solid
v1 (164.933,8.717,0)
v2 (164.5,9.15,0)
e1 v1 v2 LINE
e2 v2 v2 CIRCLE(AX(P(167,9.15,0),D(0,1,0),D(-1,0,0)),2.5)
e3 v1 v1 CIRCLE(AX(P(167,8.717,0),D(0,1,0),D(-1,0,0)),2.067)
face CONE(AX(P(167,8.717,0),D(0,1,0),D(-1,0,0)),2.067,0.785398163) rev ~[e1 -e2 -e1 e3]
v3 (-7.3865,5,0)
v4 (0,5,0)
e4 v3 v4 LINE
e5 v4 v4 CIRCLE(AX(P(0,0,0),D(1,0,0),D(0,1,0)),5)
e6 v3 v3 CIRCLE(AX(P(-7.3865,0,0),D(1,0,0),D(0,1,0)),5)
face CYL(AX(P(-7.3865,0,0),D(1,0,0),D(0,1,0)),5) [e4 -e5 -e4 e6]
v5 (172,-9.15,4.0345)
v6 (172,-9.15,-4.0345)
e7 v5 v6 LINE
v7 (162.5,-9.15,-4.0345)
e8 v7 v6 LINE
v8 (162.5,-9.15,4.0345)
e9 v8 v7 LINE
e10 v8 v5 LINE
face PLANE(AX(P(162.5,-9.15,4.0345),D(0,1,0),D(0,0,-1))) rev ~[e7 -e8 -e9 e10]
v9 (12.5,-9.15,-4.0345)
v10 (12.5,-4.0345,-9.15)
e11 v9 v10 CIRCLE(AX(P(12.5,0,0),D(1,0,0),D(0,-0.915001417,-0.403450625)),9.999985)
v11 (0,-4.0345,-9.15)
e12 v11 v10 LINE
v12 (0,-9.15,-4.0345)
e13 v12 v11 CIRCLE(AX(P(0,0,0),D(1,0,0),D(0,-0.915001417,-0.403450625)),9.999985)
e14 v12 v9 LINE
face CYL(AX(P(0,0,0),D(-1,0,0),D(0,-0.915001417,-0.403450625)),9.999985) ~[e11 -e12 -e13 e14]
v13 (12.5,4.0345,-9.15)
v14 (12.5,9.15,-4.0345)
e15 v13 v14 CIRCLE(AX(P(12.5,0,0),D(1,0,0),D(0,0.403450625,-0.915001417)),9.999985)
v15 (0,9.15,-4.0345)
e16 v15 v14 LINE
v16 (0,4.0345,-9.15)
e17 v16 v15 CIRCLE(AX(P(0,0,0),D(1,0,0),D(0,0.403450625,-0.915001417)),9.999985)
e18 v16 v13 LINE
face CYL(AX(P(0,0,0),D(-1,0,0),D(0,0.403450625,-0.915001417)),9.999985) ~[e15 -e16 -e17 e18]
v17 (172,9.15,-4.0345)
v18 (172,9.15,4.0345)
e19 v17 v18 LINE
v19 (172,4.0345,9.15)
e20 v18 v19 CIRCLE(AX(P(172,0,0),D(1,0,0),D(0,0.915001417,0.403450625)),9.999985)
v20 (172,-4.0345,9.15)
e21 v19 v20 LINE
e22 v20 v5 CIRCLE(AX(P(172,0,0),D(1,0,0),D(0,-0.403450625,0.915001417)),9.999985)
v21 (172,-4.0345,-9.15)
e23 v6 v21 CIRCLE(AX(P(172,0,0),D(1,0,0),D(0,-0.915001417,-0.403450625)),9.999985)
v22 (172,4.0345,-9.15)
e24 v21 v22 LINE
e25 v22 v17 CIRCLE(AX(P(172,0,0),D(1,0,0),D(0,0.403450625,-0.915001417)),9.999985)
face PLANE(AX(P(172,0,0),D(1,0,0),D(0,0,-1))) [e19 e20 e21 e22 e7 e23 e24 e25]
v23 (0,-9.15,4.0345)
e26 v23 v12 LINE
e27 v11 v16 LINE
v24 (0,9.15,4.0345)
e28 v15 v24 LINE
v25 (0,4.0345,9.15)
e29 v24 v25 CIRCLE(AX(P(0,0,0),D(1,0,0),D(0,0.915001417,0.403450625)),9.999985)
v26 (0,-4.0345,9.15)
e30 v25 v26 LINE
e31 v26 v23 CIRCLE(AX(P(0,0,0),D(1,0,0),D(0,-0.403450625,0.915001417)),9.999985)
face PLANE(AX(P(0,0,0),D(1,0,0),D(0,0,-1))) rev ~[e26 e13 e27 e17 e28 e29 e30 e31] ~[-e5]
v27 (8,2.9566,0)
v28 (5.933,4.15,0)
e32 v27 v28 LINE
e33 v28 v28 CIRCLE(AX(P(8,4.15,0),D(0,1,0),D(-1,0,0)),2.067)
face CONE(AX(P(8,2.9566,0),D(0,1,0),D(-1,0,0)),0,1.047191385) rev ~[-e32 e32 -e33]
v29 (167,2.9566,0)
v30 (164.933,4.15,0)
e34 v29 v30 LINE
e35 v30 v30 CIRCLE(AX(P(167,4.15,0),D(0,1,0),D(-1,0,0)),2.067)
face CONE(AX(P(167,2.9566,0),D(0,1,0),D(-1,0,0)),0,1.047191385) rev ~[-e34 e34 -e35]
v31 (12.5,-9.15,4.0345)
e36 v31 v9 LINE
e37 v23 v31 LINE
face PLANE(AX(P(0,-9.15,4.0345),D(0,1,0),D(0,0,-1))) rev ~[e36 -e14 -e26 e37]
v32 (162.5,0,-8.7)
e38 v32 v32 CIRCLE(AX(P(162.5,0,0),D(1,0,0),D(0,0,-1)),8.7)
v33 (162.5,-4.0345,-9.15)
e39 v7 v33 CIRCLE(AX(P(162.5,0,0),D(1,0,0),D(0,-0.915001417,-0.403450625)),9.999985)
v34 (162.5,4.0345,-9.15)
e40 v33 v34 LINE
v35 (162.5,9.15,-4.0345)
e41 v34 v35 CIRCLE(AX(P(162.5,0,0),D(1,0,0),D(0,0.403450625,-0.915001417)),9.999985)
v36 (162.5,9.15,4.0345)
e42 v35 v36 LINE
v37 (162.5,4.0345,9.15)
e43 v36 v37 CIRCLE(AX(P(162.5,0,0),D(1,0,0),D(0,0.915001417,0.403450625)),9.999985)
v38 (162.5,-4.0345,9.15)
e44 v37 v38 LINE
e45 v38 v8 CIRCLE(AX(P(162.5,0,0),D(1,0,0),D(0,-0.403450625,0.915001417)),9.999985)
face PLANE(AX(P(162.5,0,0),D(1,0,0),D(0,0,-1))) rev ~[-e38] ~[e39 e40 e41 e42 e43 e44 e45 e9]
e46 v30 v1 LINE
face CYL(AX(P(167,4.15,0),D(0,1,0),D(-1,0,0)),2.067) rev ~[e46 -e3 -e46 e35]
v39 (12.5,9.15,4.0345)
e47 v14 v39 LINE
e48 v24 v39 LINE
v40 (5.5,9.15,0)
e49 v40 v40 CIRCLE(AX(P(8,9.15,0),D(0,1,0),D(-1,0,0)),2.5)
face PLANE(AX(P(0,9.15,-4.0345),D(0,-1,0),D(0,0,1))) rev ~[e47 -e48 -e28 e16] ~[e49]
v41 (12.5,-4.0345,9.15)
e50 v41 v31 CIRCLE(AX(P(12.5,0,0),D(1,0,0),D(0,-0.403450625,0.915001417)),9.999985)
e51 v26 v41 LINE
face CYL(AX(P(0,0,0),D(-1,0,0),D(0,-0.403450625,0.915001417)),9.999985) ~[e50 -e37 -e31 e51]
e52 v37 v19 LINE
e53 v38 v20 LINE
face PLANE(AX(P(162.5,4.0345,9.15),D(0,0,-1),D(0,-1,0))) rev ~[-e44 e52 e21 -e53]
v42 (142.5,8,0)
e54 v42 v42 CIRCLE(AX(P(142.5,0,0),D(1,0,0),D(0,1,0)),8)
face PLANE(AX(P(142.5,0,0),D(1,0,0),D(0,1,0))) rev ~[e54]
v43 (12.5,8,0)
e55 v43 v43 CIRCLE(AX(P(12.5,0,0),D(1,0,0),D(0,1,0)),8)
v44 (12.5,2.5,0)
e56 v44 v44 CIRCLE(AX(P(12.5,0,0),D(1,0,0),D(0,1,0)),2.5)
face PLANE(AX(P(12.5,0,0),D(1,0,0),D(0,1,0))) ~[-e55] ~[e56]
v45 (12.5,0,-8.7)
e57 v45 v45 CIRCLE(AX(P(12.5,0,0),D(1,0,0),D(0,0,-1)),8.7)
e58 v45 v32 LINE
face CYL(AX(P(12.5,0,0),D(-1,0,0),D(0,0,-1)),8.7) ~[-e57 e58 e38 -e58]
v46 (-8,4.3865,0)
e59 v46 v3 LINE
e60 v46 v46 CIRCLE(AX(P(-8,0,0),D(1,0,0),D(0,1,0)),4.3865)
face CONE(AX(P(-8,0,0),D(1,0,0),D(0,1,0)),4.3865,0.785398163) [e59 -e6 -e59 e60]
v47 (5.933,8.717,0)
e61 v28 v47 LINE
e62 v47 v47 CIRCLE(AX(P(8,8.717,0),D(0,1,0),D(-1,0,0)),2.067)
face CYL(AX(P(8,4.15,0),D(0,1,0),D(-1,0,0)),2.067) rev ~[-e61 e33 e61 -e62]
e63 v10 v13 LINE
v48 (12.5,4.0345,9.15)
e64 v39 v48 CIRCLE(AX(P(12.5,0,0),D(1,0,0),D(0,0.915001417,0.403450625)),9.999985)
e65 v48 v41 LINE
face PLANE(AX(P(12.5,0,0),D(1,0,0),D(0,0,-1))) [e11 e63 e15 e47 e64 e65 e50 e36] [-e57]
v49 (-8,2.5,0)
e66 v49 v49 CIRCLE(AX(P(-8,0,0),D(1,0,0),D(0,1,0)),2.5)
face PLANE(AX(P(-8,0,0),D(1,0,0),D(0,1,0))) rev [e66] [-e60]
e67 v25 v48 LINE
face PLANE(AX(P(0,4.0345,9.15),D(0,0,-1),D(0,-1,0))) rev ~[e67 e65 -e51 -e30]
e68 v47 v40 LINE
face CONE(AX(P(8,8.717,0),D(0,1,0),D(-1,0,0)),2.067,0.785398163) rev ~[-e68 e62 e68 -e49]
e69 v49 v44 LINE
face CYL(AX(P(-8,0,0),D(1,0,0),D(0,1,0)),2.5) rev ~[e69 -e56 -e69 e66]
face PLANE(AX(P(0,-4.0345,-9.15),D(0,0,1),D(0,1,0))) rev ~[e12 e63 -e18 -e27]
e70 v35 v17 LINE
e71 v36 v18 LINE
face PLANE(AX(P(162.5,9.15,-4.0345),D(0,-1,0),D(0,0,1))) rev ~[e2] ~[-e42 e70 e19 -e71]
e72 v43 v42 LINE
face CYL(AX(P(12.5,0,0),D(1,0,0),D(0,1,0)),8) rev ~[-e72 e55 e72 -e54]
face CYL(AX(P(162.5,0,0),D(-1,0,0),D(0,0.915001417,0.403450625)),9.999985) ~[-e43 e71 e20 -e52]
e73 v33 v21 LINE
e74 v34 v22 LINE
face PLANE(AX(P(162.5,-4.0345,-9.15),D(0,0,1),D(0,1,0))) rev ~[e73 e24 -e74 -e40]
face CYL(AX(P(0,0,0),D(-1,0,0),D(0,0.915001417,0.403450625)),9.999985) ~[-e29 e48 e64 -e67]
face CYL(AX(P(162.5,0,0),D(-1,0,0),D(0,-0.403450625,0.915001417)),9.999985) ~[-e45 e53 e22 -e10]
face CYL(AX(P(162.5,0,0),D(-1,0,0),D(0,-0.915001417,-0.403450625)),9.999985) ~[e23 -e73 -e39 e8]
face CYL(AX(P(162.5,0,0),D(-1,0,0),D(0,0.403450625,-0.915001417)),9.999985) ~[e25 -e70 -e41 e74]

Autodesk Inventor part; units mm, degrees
sketch "Sketch_8" plane through (0, 0, 0) normal (0, 0, 1) x (1, 0, 0)
  line L0 (0, 0) -> (-8, 0)
  line L1 (-8, 0) -> (-8, 4.3865)
  line L2 (-8, 4.3865) -> (-7.3865, 5)
  line L3 (-7.3865, 5) -> (0, 5)
  line L4 (0, 5) -> (0, 0)
  line L5 (0, 0) -> (-8, 0)
revolve "Revolution1" add sketch "Sketch_8" angle 360 about axis through (0, 0, 0) along (1, 0, 0)
thread "Thread1" size "M10x1" class "6g" standard "ISO Metric profile" length 5.8865
sketch "Sketch_9" plane through (0, 0, 0) normal (1, 0, 0) x (0, 0, -1)
  line L0 (-9.15, 4.0345) -> (-9.15, -4.0345)
  arc A0 (-9.15, -4.0345) -> (-4.0345, -9.15) centre (0, 0) ccw
  line L1 (-4.0345, -9.15) -> (4.0345, -9.15)
  arc A1 (4.0345, -9.15) -> (9.15, -4.0345) centre (0, 0) ccw
  line L2 (9.15, -4.0345) -> (9.15, 4.0345)
  arc A2 (9.15, 4.0345) -> (4.0345, 9.15) centre (0, 0) ccw
  line L3 (4.0345, 9.15) -> (-4.0345, 9.15)
  arc A3 (-4.0345, 9.15) -> (-9.15, 4.0345) centre (0, 0) ccw
extrude "Extrusion1" add sketch "Sketch_9" along normal blind 12.5
sketch "Sketch_11" plane through (12.5, 0, 0) normal (1, 0, 0) x (0, 0, -1)
  circle A0 centre (0, 0) radius 8.7
extrude "Extrusion2" add sketch "Sketch_11" along normal blind 150
sketch "Sketch_10" plane through (162.5, 0, 0) normal (1, 0, 0) x (0, 0, -1)
  line L0 (-9.15, 4.0345) -> (-9.15, -4.0345)
  arc A0 (-9.15, -4.0345) -> (-4.0345, -9.15) centre (0, 0) ccw
  line L1 (-4.0345, -9.15) -> (4.0345, -9.15)
  arc A1 (4.0345, -9.15) -> (9.15, -4.0345) centre (0, 0) ccw
  line L2 (9.15, -4.0345) -> (9.15, 4.0345)
  arc A2 (9.15, 4.0345) -> (4.0345, 9.15) centre (0, 0) ccw
  line L3 (4.0345, 9.15) -> (-4.0345, 9.15)
  arc A3 (-4.0345, 9.15) -> (-9.15, 4.0345) centre (0, 0) ccw
extrude "Extrusion3" add sketch "Sketch_10" along normal blind 9.5
sketch "Sketch7" plane through (0, 0, 0) normal (0, 0, 1) x (1, 0, 0)
  line L0 (8, 9.15) -> (8, 4.15)
  line L1 (8, 2.9566) -> (5.933, 4.15)
  line L2 (5.933, 4.15) -> (5.933, 8.717)
  line L3 (5.933, 8.717) -> (5.5, 9.15)
  line L4 (5.5, 9.15) -> (8, 9.15)
  line L5 (8, 9.15) -> (8, 2.9566)
revolve "Revolution2" cut sketch "Sketch7" angle 360 about axis through (8, 9.15, 0) along (0, 1, 0)
thread "Thread2" size "M5x0.8" class "6H" standard "ISO Metric profile" full length
sketch "Sketch_7" plane through (0, 0, 0) normal (0, 0, 1) x (1, 0, 0)
  line L0 (167, 9.15) -> (167, 4.15)
  line L1 (167, 2.9566) -> (164.933, 4.15)
  line L2 (164.933, 4.15) -> (164.933, 8.717)
  line L3 (164.933, 8.717) -> (164.5, 9.15)
  line L4 (164.5, 9.15) -> (167, 9.15)
  line L5 (167, 9.15) -> (167, 2.9566)
revolve "Revolution3" cut sketch "Sketch_7" angle 360 about axis through (167, 9.15, 0) along (0, 1, 0)
thread "Thread3" size "M5x0.8" class "6H" standard "ISO Metric profile" full length
sketch "Sketch_16" plane through (0, 0, 0) normal (0, 0, 1) x (1, 0, 0)
  line L0 (142.5, 0) -> (-8, 0)
  line L1 (-8, 0) -> (-8, 2.5)
  line L2 (-8, 2.5) -> (12.5, 2.5)
  line L3 (12.5, 2.5) -> (12.5, 8)
  line L4 (12.5, 8) -> (142.5, 8)
  line L5 (142.5, 8) -> (142.5, 0)
  line L6 (142.5, 0) -> (-8, 0)
revolve "Revolution4" cut sketch "Sketch_16" angle 360 about axis through (142.5, 0, 0) along (1, 0, 0)
ref_plane "BODY_N_XY" through (172, 0, 0) normal (0, 0, -1) x (1, 0, 0)
ref_plane "BODY_N_YZ" through (172, 0, 0) normal (1, 0, 0) x (0, -1, 0)
ref_plane "BODY_N_ZX" through (172, 0, 0) normal (0, -1, 0) x (0, 0, -1)
ref_plane "NUT2_XY" through (172, 0, 0) normal (1, 0, 0) x (0, 0, -1)
ref_plane "NUT2_YZ" through (172, 0, 0) normal (0, 0, -1) x (0, 1, 0)
ref_plane "NUT2_ZX" through (172, 0, 0) normal (0, 1, 0) x (1, 0, 0)
ref_plane "SW1_XY" through (17.5, 0, 0) normal (1, 0, 0) x (0, 0, -1)
ref_plane "SW1_YZ" through (17.5, 0, 0) normal (0, 0, -1) x (0, 1, 0)
ref_plane "SW1_ZX" through (17.5, 0, 0) normal (0, 1, 0) x (1, 0, 0)
ref_plane "SW2_XY" through (157.5, 0, 0) normal (-1, 0, 0) x (0, 0, -1)
ref_plane "SW2_YZ" through (157.5, 0, 0) normal (0, 0, -1) x (0, -1, 0)
ref_plane "SW2_ZX" through (157.5, 0, 0) normal (0, -1, 0) x (-1, 0, 0)
ref_plane "SW_R1_XY" through (17.5, -14.15, 0) normal (1, 0, 0) x (0, 0, -1)
ref_plane "SW_R1_YZ" through (17.5, -14.15, 0) normal (0, 0, -1) x (0, 1, 0)
ref_plane "SW_R1_ZX" through (17.5, -14.15, 0) normal (0, 1, 0) x (1, 0, 0)
ref_plane "SW_R2_XY" through (157.5, -14.15, 0) normal (-1, 0, 0) x (0, 0, -1)
ref_plane "SW_R2_YZ" through (157.5, -14.15, 0) normal (0, 0, -1) x (0, -1, 0)
ref_plane "SW_R2_ZX" through (157.5, -14.15, 0) normal (0, -1, 0) x (-1, 0, 0)
ref_plane "body_XY" through (0, 0, 0) normal (1, 0, 0) x (0, 0, -1)
ref_plane "body_YZ" through (0, 0, 0) normal (0, 0, -1) x (0, 1, 0)
ref_plane "body_ZX" through (0, 0, 0) normal (0, 1, 0) x (1, 0, 0)
properties part number "CJ2B16-125Z(1_0)_BODY" material "ステンレス鋼"
